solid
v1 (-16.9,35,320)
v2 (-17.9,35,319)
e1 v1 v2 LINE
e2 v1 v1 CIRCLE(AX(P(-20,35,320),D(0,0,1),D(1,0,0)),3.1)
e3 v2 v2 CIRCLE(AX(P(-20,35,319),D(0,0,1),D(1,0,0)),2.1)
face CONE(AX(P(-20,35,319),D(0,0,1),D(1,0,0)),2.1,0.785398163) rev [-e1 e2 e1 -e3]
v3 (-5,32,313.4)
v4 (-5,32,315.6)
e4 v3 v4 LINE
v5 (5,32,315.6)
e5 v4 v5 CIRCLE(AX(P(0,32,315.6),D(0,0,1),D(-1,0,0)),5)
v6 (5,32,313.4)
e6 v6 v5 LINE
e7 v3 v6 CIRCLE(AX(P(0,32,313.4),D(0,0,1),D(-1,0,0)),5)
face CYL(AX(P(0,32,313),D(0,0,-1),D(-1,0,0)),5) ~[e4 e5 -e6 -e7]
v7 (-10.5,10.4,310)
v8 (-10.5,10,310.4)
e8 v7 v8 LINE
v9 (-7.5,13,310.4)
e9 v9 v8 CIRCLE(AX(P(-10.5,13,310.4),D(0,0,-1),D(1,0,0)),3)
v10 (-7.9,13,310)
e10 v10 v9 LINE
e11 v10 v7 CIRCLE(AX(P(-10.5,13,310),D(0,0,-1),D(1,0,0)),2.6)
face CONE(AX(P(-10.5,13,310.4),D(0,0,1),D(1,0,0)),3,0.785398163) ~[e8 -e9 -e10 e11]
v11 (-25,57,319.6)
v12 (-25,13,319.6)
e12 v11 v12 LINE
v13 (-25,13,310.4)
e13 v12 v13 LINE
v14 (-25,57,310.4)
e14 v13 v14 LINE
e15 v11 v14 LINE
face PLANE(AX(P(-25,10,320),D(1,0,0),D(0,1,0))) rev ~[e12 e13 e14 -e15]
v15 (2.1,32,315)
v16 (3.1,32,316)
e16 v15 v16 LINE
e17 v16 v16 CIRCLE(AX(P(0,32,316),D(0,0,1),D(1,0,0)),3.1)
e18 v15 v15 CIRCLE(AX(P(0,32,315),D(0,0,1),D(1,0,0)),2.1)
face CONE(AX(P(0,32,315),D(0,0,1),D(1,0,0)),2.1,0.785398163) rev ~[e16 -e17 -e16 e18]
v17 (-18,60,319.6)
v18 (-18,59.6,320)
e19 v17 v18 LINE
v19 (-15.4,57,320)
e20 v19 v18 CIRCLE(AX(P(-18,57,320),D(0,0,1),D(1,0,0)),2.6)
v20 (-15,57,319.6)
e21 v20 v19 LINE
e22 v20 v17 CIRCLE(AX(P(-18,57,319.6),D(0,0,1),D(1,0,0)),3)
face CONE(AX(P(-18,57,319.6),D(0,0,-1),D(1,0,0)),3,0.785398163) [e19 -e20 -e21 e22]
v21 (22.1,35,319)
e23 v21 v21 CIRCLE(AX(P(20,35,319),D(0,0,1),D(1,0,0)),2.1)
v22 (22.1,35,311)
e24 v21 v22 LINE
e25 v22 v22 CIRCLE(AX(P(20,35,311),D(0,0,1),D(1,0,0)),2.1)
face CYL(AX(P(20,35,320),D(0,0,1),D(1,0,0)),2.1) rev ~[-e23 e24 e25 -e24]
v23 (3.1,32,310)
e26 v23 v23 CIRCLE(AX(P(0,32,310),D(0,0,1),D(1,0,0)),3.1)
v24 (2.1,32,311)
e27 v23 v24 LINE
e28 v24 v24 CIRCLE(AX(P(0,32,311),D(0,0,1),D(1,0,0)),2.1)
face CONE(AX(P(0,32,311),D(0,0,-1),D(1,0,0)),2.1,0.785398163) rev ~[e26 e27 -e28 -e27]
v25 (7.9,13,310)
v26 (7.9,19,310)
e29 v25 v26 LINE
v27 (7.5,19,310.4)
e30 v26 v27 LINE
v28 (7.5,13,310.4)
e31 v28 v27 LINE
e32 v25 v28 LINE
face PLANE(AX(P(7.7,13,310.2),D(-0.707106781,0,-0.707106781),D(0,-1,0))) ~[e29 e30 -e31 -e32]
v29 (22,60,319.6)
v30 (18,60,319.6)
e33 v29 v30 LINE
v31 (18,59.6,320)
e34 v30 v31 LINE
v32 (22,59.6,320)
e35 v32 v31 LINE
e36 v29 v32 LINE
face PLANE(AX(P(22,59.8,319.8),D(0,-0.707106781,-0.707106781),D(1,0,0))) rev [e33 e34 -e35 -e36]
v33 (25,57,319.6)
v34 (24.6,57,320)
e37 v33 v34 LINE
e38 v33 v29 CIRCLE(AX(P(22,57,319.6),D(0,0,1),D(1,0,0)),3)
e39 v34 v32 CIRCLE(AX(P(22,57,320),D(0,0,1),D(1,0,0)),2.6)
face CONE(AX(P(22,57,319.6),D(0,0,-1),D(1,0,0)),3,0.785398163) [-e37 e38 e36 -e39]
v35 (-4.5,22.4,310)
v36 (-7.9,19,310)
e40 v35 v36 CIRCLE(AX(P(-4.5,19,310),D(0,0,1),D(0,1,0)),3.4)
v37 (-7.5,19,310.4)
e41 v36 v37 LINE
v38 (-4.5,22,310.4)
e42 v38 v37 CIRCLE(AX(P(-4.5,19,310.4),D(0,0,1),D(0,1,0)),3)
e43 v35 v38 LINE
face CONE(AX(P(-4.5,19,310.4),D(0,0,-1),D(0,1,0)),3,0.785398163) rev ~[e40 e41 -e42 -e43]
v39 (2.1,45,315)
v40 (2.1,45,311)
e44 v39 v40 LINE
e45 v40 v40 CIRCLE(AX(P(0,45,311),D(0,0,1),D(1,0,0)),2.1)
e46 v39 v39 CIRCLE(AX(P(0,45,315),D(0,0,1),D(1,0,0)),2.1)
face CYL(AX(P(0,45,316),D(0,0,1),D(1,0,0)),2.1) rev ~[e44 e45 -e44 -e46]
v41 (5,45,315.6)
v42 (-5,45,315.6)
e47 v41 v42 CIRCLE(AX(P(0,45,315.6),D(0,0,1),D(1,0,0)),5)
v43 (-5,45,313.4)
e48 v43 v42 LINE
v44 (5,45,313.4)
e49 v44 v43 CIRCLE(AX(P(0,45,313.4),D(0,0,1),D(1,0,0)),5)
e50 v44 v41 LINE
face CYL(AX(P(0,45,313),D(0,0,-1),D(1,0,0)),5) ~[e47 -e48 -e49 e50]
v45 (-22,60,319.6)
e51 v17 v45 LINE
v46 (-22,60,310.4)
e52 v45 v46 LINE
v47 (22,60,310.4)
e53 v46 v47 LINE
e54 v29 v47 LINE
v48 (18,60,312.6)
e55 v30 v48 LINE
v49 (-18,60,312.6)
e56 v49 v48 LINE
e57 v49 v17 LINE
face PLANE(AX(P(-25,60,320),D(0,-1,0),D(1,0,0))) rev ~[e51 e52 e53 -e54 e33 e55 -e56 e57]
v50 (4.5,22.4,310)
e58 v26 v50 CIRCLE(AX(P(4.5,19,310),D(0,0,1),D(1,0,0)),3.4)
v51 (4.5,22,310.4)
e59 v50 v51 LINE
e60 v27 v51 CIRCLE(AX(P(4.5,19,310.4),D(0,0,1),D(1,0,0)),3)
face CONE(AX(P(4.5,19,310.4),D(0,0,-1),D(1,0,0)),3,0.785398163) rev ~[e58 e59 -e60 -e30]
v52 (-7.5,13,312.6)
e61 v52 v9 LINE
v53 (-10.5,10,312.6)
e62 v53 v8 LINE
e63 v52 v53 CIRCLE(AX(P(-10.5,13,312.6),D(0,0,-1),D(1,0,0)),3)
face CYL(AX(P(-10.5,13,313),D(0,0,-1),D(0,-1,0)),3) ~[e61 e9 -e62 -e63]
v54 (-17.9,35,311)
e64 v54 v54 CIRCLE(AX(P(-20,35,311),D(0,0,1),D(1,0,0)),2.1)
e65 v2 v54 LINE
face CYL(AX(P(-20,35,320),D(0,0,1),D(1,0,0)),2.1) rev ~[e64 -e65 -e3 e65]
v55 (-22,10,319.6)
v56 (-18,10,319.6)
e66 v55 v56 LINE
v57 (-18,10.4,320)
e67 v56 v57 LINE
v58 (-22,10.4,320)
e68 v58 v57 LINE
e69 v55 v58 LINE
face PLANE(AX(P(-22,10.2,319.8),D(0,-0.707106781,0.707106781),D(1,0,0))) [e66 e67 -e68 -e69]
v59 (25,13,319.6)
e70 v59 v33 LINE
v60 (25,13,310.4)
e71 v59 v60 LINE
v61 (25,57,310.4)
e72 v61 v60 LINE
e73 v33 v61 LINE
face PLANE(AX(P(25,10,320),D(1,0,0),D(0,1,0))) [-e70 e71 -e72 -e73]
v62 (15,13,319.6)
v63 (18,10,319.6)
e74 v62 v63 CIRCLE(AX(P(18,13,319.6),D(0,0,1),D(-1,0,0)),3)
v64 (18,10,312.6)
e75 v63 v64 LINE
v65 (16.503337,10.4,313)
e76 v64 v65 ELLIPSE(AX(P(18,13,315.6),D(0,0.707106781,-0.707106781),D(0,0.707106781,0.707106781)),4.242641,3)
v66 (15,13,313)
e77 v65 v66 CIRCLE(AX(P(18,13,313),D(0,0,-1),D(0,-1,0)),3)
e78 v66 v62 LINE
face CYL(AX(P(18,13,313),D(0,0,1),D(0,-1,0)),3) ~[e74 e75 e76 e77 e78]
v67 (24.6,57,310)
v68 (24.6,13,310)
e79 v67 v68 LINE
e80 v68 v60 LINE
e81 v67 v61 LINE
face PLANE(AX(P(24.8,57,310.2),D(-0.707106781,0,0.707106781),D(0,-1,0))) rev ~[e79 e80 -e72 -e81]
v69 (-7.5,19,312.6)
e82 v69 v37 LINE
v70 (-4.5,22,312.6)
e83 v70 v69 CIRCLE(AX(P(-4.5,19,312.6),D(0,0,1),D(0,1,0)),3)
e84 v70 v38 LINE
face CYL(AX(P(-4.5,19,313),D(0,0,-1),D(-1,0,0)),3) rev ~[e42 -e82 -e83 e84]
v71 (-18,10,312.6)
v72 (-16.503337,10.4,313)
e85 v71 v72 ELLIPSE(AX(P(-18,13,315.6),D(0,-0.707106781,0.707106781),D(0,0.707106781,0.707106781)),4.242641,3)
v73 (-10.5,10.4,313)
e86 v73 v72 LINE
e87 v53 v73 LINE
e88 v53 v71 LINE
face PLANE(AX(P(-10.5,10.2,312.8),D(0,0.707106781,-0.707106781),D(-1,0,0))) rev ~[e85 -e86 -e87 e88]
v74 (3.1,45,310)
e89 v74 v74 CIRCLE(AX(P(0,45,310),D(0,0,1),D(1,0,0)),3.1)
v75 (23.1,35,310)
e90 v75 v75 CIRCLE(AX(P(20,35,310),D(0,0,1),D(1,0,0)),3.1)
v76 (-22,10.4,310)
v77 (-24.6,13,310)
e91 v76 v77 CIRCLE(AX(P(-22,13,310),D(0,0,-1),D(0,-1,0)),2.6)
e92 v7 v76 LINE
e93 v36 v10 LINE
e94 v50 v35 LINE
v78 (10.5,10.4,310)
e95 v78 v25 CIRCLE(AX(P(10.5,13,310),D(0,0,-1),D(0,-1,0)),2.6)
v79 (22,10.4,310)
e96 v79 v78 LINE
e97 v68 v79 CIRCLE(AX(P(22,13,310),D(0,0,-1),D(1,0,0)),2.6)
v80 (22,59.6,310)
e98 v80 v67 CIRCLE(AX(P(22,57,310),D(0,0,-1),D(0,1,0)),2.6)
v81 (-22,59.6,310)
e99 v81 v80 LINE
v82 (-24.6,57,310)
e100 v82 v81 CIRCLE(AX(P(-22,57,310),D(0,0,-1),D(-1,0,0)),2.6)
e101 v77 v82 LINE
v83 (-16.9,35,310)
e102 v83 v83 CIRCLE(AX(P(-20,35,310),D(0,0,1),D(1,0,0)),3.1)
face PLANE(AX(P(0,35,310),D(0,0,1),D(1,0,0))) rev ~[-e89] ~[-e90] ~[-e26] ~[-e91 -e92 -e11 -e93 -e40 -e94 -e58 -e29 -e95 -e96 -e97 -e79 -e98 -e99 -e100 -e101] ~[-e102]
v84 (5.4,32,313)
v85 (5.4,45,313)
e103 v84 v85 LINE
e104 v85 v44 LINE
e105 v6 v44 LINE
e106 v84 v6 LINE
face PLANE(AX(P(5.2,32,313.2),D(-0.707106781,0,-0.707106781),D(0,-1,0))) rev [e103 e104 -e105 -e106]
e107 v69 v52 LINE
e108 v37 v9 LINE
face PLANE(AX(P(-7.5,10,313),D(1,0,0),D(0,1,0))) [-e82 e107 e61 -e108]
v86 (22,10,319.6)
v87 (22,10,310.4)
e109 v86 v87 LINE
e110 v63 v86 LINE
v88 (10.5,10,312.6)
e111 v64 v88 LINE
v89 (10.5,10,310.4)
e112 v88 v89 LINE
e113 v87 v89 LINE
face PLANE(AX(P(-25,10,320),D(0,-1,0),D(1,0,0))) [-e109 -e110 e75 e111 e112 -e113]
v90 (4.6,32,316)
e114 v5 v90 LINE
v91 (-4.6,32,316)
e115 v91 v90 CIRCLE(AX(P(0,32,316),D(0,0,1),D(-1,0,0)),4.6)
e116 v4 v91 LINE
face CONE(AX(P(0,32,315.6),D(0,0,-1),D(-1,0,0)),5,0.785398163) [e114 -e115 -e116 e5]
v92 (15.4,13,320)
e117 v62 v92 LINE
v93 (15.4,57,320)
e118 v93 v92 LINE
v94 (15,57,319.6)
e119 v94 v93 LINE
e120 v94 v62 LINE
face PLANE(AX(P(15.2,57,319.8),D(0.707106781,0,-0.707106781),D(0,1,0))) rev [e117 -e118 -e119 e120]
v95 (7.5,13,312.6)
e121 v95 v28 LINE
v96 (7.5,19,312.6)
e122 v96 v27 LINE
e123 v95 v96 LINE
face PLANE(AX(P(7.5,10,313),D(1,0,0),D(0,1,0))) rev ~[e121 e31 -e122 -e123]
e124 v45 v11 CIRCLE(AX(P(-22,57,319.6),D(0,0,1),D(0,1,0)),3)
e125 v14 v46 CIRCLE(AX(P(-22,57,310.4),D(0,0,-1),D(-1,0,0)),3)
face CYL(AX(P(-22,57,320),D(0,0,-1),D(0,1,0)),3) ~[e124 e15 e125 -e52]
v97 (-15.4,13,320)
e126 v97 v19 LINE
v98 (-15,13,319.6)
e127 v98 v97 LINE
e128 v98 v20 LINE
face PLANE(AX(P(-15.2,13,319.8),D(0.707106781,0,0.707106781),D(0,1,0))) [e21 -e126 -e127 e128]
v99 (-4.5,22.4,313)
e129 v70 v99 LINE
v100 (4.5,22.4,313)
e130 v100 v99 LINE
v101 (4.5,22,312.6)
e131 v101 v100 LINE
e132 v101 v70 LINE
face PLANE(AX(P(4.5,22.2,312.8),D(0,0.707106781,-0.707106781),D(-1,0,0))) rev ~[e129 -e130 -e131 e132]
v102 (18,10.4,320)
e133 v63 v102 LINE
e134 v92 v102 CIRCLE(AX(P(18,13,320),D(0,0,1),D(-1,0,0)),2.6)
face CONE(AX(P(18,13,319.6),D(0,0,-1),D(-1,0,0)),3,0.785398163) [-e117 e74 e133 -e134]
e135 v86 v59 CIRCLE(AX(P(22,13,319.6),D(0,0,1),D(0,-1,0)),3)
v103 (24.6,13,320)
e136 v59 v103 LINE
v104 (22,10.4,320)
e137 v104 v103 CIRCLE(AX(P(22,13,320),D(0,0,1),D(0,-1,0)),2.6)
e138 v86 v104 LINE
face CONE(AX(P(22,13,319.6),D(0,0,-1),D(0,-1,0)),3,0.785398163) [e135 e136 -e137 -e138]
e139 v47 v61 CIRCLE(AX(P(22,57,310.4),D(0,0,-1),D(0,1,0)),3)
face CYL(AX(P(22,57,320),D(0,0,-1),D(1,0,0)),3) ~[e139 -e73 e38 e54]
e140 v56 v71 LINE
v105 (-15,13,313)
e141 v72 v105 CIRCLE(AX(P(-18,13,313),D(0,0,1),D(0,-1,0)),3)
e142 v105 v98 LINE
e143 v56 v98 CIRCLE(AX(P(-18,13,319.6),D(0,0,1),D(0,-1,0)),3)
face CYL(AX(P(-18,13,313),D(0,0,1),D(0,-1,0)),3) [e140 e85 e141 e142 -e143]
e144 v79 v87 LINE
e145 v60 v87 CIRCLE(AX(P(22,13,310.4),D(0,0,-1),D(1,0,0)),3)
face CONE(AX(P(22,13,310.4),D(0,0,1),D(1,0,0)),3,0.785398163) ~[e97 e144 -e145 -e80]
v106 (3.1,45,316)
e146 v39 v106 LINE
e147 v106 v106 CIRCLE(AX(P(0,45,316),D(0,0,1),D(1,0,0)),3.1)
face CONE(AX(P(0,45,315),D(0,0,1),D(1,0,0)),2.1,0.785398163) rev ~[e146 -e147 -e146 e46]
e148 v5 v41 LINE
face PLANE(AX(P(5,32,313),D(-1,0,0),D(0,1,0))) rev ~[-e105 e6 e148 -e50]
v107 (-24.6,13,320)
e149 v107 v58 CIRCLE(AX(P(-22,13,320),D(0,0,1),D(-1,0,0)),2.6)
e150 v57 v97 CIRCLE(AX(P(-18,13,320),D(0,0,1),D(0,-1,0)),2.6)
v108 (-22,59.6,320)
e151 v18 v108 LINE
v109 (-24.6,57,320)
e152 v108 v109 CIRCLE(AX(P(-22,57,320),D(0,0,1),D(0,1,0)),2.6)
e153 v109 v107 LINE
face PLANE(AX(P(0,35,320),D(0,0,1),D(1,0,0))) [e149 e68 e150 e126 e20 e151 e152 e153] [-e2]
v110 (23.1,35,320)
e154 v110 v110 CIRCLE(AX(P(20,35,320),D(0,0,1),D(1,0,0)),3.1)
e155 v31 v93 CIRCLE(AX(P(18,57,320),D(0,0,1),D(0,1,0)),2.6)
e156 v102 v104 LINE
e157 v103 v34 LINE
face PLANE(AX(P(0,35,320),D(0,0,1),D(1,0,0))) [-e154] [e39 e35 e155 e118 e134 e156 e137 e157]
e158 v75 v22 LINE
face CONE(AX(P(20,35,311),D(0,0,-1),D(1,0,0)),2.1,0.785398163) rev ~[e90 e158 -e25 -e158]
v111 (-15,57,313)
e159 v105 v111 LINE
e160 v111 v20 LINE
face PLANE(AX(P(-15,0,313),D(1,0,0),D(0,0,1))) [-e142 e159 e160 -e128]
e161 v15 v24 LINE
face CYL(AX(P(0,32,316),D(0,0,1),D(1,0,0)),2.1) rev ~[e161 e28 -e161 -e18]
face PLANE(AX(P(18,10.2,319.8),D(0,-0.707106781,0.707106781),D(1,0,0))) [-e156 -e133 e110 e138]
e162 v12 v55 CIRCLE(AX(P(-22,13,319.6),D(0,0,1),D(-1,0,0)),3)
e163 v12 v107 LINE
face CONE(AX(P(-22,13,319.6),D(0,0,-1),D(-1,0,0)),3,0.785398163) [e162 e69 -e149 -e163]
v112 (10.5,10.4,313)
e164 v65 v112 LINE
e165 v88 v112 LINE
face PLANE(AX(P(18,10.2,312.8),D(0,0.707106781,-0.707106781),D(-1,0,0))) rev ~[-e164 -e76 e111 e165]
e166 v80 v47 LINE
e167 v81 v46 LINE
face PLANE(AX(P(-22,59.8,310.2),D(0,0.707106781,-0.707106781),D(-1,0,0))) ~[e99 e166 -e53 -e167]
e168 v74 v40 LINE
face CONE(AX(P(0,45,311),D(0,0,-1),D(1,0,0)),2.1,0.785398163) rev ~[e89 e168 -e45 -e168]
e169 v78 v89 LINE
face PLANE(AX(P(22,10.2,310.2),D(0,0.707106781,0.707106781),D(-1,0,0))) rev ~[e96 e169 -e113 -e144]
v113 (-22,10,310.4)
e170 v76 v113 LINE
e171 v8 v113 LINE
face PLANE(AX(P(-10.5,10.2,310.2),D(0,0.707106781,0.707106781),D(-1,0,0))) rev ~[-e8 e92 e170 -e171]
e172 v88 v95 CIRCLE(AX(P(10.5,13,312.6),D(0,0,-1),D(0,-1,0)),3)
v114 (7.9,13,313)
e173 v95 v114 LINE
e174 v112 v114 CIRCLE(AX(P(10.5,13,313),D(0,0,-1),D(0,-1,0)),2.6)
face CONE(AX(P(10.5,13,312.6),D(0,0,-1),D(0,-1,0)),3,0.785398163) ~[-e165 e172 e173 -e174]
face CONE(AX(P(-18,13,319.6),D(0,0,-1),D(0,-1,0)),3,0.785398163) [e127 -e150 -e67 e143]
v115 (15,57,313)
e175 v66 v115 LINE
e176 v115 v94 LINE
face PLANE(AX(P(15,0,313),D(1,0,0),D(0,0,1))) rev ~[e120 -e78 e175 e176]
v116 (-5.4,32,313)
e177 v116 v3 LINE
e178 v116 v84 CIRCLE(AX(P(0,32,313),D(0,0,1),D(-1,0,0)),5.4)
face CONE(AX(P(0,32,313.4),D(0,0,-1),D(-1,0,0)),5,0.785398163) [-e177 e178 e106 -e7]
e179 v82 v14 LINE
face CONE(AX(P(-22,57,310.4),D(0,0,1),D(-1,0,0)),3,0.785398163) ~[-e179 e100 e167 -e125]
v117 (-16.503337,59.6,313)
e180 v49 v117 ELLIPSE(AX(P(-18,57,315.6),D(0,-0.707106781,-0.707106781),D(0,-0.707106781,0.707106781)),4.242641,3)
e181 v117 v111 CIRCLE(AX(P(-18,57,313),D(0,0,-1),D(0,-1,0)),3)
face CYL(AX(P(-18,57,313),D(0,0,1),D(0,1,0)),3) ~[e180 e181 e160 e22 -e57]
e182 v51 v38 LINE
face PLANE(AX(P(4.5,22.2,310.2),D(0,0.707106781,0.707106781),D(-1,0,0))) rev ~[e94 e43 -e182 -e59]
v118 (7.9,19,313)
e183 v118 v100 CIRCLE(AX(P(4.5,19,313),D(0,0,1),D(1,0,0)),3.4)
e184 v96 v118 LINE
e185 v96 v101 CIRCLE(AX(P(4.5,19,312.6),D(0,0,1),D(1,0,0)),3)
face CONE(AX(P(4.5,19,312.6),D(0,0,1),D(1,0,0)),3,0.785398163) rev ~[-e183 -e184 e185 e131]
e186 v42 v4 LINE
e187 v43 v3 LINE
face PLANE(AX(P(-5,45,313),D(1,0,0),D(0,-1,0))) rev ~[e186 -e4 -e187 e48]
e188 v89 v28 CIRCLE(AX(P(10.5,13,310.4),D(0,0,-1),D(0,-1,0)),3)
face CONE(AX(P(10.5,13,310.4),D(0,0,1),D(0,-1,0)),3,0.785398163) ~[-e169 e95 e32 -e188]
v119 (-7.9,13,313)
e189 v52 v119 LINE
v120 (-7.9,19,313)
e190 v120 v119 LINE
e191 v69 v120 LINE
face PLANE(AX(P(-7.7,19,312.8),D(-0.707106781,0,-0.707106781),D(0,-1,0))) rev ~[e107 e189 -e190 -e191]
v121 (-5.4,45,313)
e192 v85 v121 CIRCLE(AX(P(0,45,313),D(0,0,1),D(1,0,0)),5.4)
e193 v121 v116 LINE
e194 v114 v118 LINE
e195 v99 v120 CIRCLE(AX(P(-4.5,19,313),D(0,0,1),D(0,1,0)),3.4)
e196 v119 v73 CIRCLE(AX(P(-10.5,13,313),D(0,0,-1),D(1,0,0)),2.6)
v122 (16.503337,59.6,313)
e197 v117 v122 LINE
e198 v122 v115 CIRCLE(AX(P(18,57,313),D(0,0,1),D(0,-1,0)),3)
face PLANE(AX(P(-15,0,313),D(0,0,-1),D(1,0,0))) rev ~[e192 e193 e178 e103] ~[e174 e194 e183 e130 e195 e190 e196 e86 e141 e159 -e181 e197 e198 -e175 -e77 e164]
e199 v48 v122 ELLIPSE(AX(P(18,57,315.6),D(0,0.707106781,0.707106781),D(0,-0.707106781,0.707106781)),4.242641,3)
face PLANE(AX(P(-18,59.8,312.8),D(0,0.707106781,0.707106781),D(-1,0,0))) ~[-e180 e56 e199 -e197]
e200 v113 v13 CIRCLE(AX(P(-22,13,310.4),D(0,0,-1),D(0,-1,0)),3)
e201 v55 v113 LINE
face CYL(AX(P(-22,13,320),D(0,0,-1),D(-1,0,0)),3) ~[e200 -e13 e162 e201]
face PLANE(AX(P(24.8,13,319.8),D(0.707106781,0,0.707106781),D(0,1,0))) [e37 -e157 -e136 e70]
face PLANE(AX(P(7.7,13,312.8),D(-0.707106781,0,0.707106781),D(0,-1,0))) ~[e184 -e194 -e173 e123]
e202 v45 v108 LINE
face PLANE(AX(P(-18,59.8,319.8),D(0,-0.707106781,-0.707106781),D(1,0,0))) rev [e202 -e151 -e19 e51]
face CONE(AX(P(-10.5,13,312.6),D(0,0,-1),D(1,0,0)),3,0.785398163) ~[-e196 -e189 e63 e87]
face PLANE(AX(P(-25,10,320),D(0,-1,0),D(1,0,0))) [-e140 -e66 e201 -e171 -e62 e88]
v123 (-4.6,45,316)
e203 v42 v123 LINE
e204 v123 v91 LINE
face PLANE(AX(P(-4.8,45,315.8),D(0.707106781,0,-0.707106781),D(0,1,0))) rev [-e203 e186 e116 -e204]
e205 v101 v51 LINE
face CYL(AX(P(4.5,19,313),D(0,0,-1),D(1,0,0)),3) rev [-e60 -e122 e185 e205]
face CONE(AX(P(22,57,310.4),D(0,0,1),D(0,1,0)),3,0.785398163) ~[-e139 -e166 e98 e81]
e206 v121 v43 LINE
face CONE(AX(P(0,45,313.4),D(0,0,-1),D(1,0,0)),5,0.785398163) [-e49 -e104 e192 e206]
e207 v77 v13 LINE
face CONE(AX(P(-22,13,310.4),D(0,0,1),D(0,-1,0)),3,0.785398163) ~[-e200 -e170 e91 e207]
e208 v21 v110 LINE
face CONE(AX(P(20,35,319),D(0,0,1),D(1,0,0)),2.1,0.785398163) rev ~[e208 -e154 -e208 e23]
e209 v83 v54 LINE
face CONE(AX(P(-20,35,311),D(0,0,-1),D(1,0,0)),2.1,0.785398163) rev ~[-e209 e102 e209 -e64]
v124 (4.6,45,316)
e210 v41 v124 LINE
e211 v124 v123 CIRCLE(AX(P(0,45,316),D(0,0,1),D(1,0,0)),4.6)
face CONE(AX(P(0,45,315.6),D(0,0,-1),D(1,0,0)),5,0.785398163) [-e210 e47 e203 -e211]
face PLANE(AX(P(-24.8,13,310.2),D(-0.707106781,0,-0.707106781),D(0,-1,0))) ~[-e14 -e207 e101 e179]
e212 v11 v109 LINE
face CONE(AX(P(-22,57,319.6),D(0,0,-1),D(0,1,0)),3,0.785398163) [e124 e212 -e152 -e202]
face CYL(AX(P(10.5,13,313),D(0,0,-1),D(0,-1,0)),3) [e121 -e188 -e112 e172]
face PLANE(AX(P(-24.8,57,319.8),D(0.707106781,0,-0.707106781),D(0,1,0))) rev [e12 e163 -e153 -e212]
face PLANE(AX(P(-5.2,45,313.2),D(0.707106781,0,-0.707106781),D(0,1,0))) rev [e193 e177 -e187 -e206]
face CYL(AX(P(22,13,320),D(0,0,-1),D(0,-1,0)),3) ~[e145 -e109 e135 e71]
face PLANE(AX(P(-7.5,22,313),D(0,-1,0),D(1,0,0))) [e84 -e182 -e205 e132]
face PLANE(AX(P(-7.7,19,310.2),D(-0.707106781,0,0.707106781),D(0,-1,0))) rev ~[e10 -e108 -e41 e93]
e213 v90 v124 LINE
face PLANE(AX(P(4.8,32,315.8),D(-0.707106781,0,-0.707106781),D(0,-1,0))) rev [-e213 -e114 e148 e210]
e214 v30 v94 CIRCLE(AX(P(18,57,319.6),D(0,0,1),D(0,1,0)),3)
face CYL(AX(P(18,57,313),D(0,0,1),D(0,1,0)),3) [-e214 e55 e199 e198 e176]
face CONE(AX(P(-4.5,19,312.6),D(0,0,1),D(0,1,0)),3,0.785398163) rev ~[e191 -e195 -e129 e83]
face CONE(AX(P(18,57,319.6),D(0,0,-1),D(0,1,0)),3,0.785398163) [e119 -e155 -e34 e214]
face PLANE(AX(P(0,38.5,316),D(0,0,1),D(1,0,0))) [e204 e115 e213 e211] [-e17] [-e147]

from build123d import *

# Parameters (mm, degrees)
SKETCH219_W     = 50
SKETCH219_H     = 50
PAD112_DEPTH    = 10
SKETCH220_W     = 30
SKETCH220_H     = 7
POCKET049_DEPTH = 60.001
SKETCH221_R     = 2.1
POCKET050_DEPTH = 10.001
PAD113_DEPTH    = 3
SKETCH223_R     = 2.1
POCKET051_DEPTH = 7
SKETCH224_W     = 15
SKETCH224_H     = 12
POCKET052_DEPTH = 3.001
FILLET070_R     = 3
CHAMFER076_SIZE = 1
FILLET071_R     = 3
CHAMFER077_SIZE = 0.4
CHAMFER078_SIZE = 0.4


with BuildPart() as part:
    # Sketch219 → Pad112 (new body)
    with BuildSketch(Plane.XY):
        with Locations((0, 35)):
            Rectangle(SKETCH219_W, SKETCH219_H)
    extrude(amount=-PAD112_DEPTH)

    # Sketch220 → Pocket049 (cut, through all)
    with BuildSketch(Plane.XZ):
        with Locations((0, -3.5)):
            Rectangle(SKETCH220_W, SKETCH220_H)
    extrude(amount=-POCKET049_DEPTH, mode=Mode.SUBTRACT)

    # Sketch221 → Pocket050 (cut, through all)
    with BuildSketch(Plane.XY):
        with Locations((-20, 35)):
            Circle(SKETCH221_R)
        with Locations((20, 35)):
            Circle(SKETCH221_R)
    extrude(amount=-POCKET050_DEPTH, mode=Mode.SUBTRACT)

    # Sketch222 (on Face8 of Pocket050) → Pad113 (join)
    with BuildSketch(Plane.XY.offset(-7)):
        with BuildLine():
            ThreePointArc((5, 45), (0, 50), (-5, 45))
            Line((-5, 45), (-5, 32))
            ThreePointArc((-5, 32), (0, 27), (5, 32))
            Line((5, 32), (5, 45))
        make_face()
    extrude(amount=PAD113_DEPTH)

    # Sketch223 (on Face17 of Pad113) → Pocket051 (cut)
    with BuildSketch(Plane.XY.offset(-4)):
        with Locations((0, 45)):
            Circle(SKETCH223_R)
        with Locations((0, 32)):
            Circle(SKETCH223_R)
    extrude(amount=-POCKET051_DEPTH, mode=Mode.SUBTRACT)

    # Sketch224 (on Face8 of Pocket051) → Pocket052 (cut, through all)
    with BuildSketch(Plane.XY.offset(-7)):
        with Locations((0, 16)):
            Rectangle(SKETCH224_W, SKETCH224_H)
    extrude(amount=-POCKET052_DEPTH, mode=Mode.SUBTRACT)

    # Fillet070
    fillet070_edges = [part.edges().sort_by_distance(p)[0] for p in [
        (-7.5, 10, -8.5),
        (7.5, 10, -8.5),
        (-7.5, 22, -8.5),
        (7.5, 22, -8.5),
    ]]
    fillet(fillet070_edges, radius=FILLET070_R)

    # Chamfer076
    chamfer076_edges = [part.edges().sort_by_distance(p)[0] for p in [
        (-22.1, 35, 0),
        (-22.1, 35, -10),
        (-2.1, 32, -4),
        (-2.1, 32, -10),
        (-2.1, 45, -4),
        (-2.1, 45, -10),
        (17.9, 35, 0),
        (17.9, 35, -10),
    ]]
    chamfer(chamfer076_edges, length=CHAMFER076_SIZE)

    # Fillet071
    fillet071_edges = [part.edges().sort_by_distance(p)[0] for p in [
        (-25, 10, -5),
        (-25, 60, -5),
        (25, 60, -5),
        (25, 10, -5),
        (-15, 10, -3.5),
        (-15, 60, -3.5),
        (15, 60, -3.5),
        (15, 10, -3.5),
    ]]
    fillet(fillet071_edges, radius=FILLET071_R)

    # Chamfer077
    chamfer077_edges = [part.edges().sort_by_distance(p)[0] for p in [
        (8.37868, 10.87868, -10),
    ]]
    chamfer(chamfer077_edges, length=CHAMFER077_SIZE)

    # Chamfer078
    chamfer078_edges = [part.edges().sort_by_distance(p)[0] for p in [
        (-20, 10, 0),
        (20, 10, 0),
        (0, 27, -4),
        (0, 27, -7),
        (-12.75, 10, -7),
        (0, 60, -7),
    ]]
    chamfer(chamfer078_edges, length=CHAMFER078_SIZE)


with BuildPart() as part_1:
    # Body097 placement: moved
    add(part.part.moved(Location((0, 0, 320))))


solid = part_1.part
